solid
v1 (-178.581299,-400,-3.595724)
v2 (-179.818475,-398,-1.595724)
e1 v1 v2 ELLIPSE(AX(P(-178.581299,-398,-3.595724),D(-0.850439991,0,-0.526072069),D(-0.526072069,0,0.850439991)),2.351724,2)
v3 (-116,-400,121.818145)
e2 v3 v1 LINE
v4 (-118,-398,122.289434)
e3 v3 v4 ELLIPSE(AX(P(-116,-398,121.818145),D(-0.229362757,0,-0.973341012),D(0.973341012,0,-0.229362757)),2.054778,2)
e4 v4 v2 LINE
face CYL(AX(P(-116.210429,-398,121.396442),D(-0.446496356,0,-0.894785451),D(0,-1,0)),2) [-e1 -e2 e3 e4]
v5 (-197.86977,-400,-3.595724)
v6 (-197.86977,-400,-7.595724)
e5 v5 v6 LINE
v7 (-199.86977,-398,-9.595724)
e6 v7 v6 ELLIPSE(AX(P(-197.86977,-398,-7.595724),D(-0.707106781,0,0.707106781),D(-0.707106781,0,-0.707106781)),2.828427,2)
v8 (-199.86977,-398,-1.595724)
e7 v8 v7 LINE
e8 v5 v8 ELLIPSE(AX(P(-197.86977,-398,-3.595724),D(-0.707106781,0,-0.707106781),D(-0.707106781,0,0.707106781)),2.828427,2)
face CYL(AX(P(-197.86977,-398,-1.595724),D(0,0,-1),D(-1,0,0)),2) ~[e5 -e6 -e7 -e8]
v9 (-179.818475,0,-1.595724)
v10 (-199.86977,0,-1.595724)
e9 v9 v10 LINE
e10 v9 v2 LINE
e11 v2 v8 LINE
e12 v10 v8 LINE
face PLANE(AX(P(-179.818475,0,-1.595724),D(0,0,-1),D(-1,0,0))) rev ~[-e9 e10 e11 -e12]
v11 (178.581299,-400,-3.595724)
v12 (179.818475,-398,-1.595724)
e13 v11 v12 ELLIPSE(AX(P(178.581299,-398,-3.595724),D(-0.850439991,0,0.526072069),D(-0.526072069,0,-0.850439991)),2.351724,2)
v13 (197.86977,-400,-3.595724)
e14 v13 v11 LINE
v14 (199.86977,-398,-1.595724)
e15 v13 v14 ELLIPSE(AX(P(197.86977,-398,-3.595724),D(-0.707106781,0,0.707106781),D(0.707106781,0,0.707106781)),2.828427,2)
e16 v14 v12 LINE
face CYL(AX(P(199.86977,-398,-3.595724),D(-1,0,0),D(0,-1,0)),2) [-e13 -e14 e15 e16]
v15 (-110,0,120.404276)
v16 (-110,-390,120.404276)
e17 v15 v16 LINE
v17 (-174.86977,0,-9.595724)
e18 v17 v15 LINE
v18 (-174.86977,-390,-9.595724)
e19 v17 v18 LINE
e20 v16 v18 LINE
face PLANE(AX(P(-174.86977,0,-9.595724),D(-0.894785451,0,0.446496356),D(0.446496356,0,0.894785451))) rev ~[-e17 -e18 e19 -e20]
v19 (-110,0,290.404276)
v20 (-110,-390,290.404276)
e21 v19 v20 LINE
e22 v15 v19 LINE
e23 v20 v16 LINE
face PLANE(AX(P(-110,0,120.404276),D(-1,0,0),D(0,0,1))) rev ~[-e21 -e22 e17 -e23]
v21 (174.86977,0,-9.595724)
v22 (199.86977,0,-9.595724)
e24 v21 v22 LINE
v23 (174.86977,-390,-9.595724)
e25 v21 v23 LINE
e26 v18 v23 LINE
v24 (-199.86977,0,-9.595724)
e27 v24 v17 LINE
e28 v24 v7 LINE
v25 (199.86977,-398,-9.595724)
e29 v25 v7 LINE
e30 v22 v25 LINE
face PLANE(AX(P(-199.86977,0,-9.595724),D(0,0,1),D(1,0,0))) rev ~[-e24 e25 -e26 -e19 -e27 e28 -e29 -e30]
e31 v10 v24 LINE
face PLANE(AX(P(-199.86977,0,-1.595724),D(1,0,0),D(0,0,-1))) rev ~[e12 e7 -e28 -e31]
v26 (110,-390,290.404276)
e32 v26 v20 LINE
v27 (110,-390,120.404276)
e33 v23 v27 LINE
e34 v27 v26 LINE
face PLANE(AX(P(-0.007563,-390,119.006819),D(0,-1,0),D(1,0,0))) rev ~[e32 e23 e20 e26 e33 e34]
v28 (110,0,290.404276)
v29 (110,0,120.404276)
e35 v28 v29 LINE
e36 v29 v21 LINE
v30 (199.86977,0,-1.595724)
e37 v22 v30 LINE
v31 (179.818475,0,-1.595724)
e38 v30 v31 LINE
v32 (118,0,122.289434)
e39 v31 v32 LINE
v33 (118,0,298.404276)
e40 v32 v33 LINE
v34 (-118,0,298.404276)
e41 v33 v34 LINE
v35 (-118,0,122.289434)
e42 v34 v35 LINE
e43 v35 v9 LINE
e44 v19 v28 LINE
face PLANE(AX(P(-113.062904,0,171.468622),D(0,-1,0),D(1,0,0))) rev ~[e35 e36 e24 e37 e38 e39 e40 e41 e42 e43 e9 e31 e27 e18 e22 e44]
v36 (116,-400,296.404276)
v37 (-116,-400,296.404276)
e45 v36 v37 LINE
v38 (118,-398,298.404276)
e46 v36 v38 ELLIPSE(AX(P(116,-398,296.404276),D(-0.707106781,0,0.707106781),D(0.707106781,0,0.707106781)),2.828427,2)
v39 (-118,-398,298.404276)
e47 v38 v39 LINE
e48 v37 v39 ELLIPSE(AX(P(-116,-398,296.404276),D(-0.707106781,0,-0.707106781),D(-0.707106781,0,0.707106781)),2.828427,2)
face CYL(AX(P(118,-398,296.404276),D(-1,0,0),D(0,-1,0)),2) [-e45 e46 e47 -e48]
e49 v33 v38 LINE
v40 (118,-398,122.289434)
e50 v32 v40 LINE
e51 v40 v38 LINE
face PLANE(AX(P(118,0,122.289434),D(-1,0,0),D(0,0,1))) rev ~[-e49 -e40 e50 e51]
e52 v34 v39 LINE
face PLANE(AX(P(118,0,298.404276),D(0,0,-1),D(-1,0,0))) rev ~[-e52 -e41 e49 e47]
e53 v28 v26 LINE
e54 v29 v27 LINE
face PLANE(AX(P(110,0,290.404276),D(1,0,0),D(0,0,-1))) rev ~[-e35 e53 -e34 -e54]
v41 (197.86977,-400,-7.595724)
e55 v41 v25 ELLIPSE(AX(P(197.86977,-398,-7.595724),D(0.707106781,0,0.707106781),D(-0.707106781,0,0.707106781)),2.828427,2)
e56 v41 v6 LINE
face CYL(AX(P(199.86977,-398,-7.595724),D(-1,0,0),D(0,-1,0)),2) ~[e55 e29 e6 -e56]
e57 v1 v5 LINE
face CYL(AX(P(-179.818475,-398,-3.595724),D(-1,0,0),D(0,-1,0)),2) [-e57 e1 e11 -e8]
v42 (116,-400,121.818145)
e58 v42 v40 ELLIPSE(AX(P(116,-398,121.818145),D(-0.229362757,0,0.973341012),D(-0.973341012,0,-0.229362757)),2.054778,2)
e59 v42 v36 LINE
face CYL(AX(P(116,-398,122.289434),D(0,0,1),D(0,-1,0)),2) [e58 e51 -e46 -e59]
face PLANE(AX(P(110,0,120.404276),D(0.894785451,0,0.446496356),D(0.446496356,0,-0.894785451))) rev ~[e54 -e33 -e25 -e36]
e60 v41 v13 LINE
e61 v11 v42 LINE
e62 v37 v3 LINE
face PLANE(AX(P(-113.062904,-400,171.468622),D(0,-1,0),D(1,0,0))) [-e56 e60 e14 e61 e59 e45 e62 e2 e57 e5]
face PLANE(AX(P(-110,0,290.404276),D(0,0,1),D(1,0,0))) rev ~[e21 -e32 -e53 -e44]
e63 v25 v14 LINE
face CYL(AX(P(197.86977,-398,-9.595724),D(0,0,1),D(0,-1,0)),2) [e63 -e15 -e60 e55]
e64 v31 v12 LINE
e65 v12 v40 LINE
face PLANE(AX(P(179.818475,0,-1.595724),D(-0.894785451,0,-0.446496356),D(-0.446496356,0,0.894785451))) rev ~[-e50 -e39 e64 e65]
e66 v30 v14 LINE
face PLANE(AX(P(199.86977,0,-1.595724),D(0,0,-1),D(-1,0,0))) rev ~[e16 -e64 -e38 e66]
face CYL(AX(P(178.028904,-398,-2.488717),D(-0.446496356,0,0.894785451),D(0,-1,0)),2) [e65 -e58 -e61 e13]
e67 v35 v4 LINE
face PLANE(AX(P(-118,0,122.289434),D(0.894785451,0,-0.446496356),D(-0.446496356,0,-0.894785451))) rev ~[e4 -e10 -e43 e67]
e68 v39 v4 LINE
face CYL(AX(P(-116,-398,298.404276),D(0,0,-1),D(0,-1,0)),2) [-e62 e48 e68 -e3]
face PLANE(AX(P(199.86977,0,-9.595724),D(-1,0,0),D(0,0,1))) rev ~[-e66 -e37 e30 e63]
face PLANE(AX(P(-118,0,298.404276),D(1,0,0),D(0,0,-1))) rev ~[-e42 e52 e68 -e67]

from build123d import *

# Parameters (mm, degrees)
F2_DEPTH = 400
F5_DEPTH = 10
F8_R     = 2


with BuildPart() as f2:
    # F1 (on Front) → F2 (new body)
    with BuildSketch(Plane.XZ):
        Polygon((-199.8697698991, -1.5957240637), (-199.8697698991, -9.5957240637), (-174.8697698991, -9.5957240637), (-110, 120.4042759363), (-110, 290.4042759363), (0, 290.4042759363), (0, 298.4042759363), (-118, 298.4042759363), (-118, 122.289434411), (-179.8184748013, -1.5957240637), align=None)
        Polygon((0, 298.4042759363), (0, 290.4042759363), (110, 290.4042759363), (110, 120.4042759363), (174.8697698991, -9.5957240637), (199.8697698991, -9.5957240637), (199.8697698991, -1.5957240637), (179.8184748013, -1.5957240637), (118, 122.289434411), (118, 298.4042759363), align=None)
    extrude(amount=F2_DEPTH)


with BuildPart() as f5:
    # F4 (on offset) → F5 (new body)
    with BuildSketch(Plane.XZ.offset(400)):
        Polygon((118, 298.4042759363), (-118, 298.4042759363), (-118, 122.289434411), (-179.548561573, -1.5957240637), (-199.8697698991, -1.5957240637), (-199.8697698991, -9.5957240637), (199.8697698991, -9.5957240637), (199.8697698991, -1.5957240637), (179.7748506069, -1.5957240637), (118, 122.289434411), align=None)
    extrude(amount=-F5_DEPTH)

    # F6: cut F2
    add(f2.part, mode=Mode.SUBTRACT)

    # F7: union F2
    add(f2.part)

    # F8
    f8_edges = [f5.edges().sort_by_distance(p)[0] for p in [
        (-189.844122, -400, -1.595724),
        (-199.86977, -400, -5.595724),
        (0, -400, -9.595724),
        (199.86977, -400, -5.595724),
        (189.844122, -400, -1.595724),
        (148.909237, -400, 60.346855),
        (118, -400, 210.346855),
        (0, -400, 298.404276),
        (-118, -400, 210.346855),
        (-148.909237, -400, 60.346855),
    ]]
    fillet(f8_edges, radius=F8_R)


solid = f5.part
